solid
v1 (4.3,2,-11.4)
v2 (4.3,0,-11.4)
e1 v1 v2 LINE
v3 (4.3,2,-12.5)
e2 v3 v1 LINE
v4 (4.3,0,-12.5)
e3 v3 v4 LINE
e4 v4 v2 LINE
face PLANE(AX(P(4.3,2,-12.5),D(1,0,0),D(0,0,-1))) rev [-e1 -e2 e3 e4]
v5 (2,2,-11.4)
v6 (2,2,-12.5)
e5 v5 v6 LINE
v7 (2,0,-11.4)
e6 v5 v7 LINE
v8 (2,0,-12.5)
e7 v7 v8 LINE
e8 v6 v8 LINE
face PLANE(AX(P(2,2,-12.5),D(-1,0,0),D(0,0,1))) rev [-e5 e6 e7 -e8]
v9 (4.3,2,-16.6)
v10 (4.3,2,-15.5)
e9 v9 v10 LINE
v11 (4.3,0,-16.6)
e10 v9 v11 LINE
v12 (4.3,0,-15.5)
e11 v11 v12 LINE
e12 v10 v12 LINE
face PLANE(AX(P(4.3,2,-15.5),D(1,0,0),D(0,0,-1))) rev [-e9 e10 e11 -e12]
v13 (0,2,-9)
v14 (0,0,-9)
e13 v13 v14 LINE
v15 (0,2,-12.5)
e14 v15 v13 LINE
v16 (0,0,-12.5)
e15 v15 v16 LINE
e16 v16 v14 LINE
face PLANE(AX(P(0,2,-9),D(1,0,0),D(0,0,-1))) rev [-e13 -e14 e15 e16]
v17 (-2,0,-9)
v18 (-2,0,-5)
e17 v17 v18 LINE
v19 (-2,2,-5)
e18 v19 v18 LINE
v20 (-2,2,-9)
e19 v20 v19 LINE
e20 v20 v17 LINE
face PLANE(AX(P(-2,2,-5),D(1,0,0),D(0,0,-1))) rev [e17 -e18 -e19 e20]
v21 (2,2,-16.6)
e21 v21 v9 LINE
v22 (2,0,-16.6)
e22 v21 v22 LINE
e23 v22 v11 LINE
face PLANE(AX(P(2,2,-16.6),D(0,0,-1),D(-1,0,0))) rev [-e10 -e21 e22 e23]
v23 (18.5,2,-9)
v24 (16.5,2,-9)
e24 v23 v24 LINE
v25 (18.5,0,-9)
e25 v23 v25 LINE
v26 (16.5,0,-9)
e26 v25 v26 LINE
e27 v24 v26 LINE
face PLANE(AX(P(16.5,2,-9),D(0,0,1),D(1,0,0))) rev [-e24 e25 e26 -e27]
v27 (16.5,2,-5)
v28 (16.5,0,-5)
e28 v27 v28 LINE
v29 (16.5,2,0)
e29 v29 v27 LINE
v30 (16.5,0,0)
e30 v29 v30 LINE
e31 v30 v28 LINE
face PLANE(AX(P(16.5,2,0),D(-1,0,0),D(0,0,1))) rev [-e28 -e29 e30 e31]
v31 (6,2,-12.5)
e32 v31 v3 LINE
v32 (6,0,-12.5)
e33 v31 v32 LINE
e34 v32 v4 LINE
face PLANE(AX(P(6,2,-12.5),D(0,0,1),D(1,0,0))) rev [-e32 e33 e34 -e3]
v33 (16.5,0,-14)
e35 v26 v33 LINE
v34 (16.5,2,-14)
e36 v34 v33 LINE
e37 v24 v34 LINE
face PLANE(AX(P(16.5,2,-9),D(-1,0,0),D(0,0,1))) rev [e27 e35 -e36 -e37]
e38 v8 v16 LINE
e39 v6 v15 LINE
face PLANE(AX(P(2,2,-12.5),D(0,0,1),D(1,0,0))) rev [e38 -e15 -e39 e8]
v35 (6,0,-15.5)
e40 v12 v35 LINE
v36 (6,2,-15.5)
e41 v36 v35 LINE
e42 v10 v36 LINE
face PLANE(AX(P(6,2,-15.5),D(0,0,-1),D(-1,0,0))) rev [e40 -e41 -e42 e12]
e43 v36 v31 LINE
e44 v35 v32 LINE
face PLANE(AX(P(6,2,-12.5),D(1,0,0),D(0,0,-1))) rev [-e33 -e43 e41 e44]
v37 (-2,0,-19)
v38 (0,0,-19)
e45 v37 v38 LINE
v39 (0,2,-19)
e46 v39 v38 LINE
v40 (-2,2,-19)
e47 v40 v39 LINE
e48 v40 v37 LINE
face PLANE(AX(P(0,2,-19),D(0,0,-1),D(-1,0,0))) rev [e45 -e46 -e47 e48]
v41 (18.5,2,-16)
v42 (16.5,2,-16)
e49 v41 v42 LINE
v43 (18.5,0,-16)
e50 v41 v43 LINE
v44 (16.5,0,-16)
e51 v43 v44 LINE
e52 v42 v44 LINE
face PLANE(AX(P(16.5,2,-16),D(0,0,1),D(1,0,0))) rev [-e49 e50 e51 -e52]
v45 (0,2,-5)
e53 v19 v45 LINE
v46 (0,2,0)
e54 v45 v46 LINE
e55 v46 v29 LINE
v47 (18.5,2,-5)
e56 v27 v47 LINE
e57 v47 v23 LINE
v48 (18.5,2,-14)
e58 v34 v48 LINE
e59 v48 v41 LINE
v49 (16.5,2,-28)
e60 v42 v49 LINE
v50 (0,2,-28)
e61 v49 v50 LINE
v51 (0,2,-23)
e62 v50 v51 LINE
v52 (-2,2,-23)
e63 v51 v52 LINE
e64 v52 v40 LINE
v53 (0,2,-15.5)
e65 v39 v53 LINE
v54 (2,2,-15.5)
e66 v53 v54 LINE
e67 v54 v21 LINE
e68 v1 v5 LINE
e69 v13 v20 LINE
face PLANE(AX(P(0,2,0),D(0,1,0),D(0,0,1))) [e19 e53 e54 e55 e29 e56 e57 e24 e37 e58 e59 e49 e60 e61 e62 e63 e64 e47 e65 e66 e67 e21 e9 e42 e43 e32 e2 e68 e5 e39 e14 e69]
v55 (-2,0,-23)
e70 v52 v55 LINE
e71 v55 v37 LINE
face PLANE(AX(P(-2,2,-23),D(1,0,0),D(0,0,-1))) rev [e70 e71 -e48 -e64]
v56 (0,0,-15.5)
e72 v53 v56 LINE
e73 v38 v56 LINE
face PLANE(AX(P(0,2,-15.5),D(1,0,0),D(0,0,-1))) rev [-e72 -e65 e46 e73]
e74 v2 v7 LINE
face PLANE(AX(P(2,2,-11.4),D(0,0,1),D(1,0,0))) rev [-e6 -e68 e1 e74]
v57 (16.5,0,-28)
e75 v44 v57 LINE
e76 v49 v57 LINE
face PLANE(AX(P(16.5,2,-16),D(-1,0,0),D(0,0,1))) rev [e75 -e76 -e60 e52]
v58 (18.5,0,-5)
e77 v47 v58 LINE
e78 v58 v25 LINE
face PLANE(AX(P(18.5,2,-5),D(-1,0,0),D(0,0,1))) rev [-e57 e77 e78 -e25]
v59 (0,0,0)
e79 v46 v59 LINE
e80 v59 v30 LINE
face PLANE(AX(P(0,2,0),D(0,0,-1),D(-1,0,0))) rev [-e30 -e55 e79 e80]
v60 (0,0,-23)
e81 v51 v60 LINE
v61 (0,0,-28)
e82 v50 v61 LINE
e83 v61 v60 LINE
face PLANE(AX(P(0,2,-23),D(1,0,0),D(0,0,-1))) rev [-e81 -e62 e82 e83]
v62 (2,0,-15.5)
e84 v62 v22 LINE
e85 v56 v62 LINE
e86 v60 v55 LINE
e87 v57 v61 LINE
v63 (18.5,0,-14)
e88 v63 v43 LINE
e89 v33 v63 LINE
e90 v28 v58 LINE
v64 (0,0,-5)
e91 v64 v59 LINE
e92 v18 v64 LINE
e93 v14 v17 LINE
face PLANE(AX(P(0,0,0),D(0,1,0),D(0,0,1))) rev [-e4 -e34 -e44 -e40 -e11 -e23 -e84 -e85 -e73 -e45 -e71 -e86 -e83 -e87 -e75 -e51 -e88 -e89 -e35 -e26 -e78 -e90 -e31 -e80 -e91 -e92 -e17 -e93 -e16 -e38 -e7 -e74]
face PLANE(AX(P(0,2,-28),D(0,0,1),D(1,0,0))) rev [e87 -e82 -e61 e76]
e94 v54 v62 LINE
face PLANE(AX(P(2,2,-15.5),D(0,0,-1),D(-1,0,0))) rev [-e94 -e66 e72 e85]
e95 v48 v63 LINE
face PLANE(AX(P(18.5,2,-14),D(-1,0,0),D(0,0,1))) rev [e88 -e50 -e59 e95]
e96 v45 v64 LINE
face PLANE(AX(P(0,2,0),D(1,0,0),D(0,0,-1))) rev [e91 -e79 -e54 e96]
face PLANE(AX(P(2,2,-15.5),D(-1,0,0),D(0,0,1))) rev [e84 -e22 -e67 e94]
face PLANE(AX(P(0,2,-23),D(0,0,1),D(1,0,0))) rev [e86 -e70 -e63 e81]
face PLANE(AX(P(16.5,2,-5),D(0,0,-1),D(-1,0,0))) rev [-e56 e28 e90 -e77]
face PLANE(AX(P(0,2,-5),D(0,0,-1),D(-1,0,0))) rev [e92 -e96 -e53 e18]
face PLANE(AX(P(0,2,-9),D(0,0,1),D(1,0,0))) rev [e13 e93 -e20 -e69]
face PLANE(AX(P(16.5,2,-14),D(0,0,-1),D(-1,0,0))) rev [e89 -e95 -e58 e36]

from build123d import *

# Parameters (mm, degrees)
BOSS_EXTRUDE1_DEPTH = 2


with BuildPart() as part:
    # Sketch1 → Boss-Extrude1 (new body)
    with BuildSketch(Plane(origin=(0, 0, 0), x_dir=(1, 0, 0), z_dir=(0, 1, 0))):
        Polygon((0, 0), (16.5, 0), (16.5, 5), (18.5, 5), (18.5, 9), (16.5, 9), (16.5, 14), (18.5, 14), (18.5, 16), (16.5, 16), (16.5, 28), (0, 28), (0, 23), (-2, 23), (-2, 19), (0, 19), (0, 15.5), (2, 15.5), (2, 16.6), (4.3, 16.6), (4.3, 15.5), (6, 15.5), (6, 12.5), (4.3, 12.5), (4.3, 11.4), (2, 11.4), (2, 12.5), (0, 12.5), (0, 9), (-2, 9), (-2, 5), (0, 5), align=None)
    extrude(amount=BOSS_EXTRUDE1_DEPTH)


solid = part.part
